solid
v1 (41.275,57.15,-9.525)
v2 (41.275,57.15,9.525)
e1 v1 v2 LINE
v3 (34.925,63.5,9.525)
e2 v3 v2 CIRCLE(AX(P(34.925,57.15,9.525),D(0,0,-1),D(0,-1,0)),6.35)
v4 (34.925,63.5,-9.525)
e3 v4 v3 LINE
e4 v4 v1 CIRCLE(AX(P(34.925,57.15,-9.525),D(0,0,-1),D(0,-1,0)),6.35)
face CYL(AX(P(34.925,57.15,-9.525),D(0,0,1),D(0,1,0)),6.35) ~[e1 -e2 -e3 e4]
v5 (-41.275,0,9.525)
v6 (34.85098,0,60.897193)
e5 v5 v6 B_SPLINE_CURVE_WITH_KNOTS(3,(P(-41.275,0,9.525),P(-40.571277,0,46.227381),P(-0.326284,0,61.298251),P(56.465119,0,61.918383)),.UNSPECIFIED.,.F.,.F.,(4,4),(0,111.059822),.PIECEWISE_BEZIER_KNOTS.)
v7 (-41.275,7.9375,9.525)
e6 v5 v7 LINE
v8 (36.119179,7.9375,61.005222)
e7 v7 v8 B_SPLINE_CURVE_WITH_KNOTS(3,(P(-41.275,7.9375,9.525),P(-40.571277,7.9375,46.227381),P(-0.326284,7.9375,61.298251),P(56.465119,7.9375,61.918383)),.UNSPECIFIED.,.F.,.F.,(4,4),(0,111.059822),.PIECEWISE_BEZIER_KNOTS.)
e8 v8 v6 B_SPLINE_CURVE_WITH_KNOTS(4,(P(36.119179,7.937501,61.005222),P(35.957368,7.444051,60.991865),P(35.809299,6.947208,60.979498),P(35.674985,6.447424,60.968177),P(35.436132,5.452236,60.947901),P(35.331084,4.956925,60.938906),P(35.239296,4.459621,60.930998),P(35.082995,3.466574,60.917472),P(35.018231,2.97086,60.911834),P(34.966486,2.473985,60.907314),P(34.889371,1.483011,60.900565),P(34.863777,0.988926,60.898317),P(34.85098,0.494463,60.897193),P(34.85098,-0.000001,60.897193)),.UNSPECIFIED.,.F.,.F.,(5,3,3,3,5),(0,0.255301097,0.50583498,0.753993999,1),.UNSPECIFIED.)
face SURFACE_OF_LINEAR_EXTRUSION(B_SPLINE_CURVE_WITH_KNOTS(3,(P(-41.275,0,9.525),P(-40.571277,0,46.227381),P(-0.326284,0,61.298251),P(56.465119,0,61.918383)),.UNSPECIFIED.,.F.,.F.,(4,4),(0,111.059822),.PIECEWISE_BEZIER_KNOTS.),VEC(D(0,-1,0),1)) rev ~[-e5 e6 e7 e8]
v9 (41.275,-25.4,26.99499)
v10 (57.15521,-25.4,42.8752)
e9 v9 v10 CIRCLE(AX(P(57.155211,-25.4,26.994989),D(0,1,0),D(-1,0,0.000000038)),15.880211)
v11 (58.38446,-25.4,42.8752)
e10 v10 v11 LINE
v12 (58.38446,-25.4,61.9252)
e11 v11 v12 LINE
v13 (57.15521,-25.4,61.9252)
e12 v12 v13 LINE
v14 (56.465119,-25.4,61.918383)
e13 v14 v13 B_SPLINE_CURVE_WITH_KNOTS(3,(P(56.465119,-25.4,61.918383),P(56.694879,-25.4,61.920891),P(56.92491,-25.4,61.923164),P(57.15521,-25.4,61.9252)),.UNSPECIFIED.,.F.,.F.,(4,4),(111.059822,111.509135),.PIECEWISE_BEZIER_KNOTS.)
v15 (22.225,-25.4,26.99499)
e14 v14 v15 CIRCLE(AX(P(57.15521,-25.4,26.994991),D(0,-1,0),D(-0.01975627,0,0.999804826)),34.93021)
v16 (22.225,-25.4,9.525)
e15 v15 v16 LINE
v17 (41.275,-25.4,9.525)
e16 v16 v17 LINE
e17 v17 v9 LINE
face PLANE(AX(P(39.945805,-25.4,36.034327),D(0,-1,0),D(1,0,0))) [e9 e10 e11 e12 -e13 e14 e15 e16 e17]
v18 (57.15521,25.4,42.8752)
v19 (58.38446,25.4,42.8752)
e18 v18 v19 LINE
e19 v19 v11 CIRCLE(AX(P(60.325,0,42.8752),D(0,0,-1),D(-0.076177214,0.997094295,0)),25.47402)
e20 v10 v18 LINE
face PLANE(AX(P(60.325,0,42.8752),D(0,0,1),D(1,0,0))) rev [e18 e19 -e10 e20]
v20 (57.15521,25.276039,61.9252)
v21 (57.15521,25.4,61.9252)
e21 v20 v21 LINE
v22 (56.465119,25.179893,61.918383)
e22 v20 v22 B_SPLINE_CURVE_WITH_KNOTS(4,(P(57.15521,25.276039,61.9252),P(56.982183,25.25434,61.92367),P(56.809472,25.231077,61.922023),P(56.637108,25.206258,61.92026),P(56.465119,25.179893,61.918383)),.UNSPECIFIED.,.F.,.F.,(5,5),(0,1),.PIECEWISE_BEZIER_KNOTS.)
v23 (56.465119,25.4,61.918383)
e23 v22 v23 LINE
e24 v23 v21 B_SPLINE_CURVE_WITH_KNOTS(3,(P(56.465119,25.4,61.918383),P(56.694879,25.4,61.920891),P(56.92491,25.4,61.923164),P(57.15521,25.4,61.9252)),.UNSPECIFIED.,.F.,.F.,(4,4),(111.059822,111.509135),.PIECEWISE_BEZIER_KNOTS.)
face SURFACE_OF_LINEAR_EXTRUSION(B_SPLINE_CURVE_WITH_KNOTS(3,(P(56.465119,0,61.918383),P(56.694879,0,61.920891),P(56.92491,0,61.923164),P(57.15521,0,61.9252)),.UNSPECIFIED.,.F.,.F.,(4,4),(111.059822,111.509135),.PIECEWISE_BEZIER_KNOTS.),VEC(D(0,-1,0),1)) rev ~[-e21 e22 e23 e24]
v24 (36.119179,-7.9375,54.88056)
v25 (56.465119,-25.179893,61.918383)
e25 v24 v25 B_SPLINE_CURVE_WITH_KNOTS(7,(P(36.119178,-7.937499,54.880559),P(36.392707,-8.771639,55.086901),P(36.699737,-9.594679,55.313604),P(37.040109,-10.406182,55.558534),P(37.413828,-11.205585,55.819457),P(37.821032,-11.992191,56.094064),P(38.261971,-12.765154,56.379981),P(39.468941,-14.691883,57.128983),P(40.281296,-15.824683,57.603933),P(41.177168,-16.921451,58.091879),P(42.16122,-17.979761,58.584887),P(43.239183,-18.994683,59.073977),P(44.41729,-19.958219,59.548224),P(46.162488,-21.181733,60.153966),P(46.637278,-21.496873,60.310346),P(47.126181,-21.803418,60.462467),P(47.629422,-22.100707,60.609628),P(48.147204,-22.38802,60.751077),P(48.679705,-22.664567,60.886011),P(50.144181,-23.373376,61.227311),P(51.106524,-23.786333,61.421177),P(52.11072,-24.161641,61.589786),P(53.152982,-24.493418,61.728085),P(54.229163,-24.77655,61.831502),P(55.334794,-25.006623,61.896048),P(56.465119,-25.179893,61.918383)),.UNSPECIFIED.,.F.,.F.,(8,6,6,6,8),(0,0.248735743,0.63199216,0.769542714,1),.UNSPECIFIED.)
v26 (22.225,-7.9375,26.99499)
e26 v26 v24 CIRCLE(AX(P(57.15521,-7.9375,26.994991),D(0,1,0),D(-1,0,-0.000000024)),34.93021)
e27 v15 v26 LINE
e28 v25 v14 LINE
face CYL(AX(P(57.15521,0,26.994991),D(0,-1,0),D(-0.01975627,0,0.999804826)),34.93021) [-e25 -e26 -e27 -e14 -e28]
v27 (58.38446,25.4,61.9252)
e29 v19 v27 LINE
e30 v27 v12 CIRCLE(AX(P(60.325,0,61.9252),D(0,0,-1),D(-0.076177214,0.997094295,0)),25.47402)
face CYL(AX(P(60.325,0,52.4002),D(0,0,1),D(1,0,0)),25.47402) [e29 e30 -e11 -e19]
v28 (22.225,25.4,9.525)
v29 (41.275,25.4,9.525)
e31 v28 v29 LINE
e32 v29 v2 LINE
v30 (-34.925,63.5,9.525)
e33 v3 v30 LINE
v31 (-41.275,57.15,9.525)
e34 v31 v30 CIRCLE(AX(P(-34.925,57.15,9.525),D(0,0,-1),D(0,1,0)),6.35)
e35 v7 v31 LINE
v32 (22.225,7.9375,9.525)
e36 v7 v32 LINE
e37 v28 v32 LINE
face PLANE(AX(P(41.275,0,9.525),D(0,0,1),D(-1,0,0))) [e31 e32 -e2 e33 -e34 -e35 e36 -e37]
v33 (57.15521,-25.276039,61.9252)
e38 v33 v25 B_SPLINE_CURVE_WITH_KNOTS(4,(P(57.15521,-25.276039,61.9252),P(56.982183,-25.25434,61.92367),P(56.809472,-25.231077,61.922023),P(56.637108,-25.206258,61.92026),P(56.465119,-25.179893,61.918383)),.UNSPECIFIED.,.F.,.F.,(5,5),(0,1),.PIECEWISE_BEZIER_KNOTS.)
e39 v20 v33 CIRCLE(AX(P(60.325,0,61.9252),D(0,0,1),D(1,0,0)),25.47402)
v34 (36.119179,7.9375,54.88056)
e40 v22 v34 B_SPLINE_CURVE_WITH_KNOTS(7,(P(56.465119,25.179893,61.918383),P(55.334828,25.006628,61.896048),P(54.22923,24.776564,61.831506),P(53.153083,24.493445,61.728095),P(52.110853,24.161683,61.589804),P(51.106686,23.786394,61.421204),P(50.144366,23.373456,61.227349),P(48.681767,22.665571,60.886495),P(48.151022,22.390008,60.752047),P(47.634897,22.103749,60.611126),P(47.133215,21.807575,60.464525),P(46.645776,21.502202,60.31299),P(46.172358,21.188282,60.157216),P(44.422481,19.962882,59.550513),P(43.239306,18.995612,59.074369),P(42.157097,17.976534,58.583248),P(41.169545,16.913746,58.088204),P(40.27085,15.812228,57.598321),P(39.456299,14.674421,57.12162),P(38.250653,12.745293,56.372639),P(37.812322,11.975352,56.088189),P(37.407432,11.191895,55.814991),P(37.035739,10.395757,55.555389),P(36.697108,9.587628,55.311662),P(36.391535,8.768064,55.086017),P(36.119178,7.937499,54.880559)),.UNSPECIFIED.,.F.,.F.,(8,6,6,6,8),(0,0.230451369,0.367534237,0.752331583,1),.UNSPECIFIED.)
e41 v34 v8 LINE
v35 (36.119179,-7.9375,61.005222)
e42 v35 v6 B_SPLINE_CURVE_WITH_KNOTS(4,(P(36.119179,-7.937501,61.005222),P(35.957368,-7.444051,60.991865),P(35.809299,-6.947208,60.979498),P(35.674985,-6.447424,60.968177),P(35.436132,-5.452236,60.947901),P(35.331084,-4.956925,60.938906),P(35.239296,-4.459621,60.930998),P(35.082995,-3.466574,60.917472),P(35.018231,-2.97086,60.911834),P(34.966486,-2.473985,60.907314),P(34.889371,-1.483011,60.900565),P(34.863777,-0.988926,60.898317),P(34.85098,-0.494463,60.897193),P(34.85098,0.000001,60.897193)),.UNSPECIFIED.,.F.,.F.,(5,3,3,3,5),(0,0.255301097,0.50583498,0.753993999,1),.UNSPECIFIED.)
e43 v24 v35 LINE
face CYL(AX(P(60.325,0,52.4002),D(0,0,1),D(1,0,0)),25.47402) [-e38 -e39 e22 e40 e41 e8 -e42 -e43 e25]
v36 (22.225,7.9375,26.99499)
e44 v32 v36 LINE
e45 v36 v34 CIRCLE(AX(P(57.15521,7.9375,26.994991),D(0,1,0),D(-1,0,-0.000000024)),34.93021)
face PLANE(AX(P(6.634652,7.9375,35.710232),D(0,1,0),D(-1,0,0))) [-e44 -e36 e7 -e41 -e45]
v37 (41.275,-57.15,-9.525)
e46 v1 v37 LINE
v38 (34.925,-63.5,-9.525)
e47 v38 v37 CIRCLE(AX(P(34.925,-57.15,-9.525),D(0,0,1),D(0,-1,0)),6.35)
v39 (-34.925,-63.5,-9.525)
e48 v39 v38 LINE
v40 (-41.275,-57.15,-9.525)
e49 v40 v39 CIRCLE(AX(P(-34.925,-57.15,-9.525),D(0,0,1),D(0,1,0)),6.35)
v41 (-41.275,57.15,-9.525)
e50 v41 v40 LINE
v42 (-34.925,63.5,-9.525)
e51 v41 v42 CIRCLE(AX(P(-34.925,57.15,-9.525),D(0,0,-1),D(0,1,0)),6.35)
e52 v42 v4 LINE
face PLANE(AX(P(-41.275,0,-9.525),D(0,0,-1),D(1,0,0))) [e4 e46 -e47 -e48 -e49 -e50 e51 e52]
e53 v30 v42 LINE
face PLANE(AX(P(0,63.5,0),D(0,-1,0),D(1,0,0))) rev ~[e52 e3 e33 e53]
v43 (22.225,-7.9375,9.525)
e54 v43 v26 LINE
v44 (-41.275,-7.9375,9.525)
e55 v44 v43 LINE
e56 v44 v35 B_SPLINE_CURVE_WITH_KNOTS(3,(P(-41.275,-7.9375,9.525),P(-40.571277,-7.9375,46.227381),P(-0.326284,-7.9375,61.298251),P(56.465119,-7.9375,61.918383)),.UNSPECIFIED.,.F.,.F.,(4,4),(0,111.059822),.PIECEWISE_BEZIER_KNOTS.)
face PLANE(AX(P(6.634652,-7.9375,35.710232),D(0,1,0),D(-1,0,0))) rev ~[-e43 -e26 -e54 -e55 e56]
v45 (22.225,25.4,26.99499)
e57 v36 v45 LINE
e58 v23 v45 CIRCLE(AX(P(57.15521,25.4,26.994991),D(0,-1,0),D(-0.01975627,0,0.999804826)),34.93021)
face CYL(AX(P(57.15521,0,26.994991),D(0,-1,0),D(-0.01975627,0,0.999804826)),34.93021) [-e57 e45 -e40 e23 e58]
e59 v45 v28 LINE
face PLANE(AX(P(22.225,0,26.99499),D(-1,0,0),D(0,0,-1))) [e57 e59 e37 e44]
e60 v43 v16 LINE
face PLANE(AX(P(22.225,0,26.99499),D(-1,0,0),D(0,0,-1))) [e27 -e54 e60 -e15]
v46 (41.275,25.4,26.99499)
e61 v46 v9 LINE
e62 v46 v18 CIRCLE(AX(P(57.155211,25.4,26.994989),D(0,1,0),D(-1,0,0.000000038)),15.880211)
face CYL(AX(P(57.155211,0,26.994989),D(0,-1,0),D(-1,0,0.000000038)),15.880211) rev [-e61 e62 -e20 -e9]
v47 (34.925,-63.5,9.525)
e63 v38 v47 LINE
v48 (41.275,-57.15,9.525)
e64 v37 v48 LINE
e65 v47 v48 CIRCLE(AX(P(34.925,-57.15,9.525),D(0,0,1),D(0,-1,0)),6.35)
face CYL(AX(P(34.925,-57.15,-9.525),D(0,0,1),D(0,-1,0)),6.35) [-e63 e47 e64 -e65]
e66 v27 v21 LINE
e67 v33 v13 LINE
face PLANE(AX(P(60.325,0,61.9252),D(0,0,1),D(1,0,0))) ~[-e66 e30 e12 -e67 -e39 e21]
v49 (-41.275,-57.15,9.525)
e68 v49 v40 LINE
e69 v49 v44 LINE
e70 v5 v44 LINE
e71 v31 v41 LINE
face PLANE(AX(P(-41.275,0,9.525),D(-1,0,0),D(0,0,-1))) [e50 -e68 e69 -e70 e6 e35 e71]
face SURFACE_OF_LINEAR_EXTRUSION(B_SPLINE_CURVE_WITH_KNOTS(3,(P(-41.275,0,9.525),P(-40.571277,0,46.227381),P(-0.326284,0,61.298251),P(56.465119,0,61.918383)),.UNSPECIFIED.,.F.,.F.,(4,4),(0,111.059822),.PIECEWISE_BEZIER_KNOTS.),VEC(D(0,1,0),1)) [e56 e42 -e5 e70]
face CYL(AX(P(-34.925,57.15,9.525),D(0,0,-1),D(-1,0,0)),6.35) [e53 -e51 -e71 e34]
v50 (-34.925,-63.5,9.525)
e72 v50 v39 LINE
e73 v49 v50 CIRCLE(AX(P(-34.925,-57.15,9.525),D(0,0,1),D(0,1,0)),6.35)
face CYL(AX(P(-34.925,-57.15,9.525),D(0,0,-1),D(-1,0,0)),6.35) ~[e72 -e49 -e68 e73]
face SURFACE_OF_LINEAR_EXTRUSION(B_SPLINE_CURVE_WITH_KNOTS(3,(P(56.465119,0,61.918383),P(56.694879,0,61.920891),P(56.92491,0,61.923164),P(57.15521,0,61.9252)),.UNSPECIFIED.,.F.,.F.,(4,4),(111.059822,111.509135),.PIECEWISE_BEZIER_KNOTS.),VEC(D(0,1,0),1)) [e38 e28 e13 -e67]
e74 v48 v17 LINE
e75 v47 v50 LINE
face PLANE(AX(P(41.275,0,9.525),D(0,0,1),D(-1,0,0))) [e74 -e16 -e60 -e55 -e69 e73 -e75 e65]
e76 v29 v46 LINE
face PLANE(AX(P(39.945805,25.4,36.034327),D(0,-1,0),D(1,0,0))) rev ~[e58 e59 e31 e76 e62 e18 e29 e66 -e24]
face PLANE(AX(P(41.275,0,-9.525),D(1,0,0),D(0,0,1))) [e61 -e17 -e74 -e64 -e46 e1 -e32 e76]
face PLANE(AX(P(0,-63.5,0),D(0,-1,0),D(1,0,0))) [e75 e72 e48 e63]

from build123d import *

# Parameters (mm, degrees)
F1_DEPTH = 63.5
F2_DEPTH = 25.4
F3_DEPTH = 7.9375
F0_W     = 25.47402
F0_H     = 19.05
F5_R     = 6.35


with BuildPart() as f1:
    # F0 (on Front) → F1 (new body, symmetric)
    with BuildSketch(Plane.XZ):
        Polygon((22.225, 9.525), (-41.275, 9.525), (-41.275, -9.525), (41.275, -9.525), (41.275, 9.525), align=None)
    extrude(amount=F1_DEPTH, both=True)

    # F0 (on Front) → F2 (join, symmetric)
    with BuildSketch(Plane.XZ):
        with BuildLine():
            Line((22.225, 26.99499), (22.225, 9.525))
            Line((22.225, 9.525), (41.275, 9.525))
            Line((41.275, 9.525), (41.275, 26.99499))
            ThreePointArc((41.275, 26.99499), (45.926206, 38.223994), (57.15521, 42.8752))
            Line((57.15521, 42.8752), (60.325, 42.8752))
            Line((60.325, 42.8752), (60.325, 61.9252))
            Line((60.325, 61.9252), (57.15521, 61.9252))
            add(Edge.make_bspline(
                [(56.465119, 61.918383), (56.694879, 61.920891), (56.92491, 61.923164), (57.15521, 61.9252)],
                knots=[111.059822, 111.059822, 111.059822, 111.059822, 111.509135, 111.509135, 111.509135, 111.509135], degree=3))
            ThreePointArc((56.465119, 61.918383), (32.213031, 51.449178), (22.225, 26.99499))
        make_face()
    extrude(amount=F2_DEPTH, both=True)

    # F0 (on Front) → F3 (join, symmetric)
    with BuildSketch(Plane.XZ):
        with BuildLine():
            add(Edge.make_bspline(
                [(-41.275, 9.525), (-40.571277, 46.227381), (-0.326284, 61.298251), (56.465119, 61.918383)],
                knots=[0, 0, 0, 0, 111.059822, 111.059822, 111.059822, 111.059822], degree=3))
            Line((-41.275, 9.525), (22.225, 9.525))
            Line((22.225, 9.525), (22.225, 26.99499))
            ThreePointArc((22.225, 26.99499), (32.213031, 51.449178), (56.465119, 61.918383))
        make_face()
    extrude(amount=F3_DEPTH, both=True)

    # F0 (on Front) → F4 (revolve)
    with BuildSketch(Plane.XZ):
        with Locations((73.06201, 52.4002)):
            Rectangle(F0_W, F0_H)
    revolve(axis=Axis((60.325, 0, 52.3875), (0, 0, 1)))

    # F5
    f5_edges = [f1.edges().sort_by_distance(p)[0] for p in [
        (41.275, 63.5, 0),
        (-41.275, 63.5, 0),
        (41.275, -63.5, 0),
        (-41.275, -63.5, 0),
    ]]
    fillet(f5_edges, radius=F5_R)


solid = f1.part
